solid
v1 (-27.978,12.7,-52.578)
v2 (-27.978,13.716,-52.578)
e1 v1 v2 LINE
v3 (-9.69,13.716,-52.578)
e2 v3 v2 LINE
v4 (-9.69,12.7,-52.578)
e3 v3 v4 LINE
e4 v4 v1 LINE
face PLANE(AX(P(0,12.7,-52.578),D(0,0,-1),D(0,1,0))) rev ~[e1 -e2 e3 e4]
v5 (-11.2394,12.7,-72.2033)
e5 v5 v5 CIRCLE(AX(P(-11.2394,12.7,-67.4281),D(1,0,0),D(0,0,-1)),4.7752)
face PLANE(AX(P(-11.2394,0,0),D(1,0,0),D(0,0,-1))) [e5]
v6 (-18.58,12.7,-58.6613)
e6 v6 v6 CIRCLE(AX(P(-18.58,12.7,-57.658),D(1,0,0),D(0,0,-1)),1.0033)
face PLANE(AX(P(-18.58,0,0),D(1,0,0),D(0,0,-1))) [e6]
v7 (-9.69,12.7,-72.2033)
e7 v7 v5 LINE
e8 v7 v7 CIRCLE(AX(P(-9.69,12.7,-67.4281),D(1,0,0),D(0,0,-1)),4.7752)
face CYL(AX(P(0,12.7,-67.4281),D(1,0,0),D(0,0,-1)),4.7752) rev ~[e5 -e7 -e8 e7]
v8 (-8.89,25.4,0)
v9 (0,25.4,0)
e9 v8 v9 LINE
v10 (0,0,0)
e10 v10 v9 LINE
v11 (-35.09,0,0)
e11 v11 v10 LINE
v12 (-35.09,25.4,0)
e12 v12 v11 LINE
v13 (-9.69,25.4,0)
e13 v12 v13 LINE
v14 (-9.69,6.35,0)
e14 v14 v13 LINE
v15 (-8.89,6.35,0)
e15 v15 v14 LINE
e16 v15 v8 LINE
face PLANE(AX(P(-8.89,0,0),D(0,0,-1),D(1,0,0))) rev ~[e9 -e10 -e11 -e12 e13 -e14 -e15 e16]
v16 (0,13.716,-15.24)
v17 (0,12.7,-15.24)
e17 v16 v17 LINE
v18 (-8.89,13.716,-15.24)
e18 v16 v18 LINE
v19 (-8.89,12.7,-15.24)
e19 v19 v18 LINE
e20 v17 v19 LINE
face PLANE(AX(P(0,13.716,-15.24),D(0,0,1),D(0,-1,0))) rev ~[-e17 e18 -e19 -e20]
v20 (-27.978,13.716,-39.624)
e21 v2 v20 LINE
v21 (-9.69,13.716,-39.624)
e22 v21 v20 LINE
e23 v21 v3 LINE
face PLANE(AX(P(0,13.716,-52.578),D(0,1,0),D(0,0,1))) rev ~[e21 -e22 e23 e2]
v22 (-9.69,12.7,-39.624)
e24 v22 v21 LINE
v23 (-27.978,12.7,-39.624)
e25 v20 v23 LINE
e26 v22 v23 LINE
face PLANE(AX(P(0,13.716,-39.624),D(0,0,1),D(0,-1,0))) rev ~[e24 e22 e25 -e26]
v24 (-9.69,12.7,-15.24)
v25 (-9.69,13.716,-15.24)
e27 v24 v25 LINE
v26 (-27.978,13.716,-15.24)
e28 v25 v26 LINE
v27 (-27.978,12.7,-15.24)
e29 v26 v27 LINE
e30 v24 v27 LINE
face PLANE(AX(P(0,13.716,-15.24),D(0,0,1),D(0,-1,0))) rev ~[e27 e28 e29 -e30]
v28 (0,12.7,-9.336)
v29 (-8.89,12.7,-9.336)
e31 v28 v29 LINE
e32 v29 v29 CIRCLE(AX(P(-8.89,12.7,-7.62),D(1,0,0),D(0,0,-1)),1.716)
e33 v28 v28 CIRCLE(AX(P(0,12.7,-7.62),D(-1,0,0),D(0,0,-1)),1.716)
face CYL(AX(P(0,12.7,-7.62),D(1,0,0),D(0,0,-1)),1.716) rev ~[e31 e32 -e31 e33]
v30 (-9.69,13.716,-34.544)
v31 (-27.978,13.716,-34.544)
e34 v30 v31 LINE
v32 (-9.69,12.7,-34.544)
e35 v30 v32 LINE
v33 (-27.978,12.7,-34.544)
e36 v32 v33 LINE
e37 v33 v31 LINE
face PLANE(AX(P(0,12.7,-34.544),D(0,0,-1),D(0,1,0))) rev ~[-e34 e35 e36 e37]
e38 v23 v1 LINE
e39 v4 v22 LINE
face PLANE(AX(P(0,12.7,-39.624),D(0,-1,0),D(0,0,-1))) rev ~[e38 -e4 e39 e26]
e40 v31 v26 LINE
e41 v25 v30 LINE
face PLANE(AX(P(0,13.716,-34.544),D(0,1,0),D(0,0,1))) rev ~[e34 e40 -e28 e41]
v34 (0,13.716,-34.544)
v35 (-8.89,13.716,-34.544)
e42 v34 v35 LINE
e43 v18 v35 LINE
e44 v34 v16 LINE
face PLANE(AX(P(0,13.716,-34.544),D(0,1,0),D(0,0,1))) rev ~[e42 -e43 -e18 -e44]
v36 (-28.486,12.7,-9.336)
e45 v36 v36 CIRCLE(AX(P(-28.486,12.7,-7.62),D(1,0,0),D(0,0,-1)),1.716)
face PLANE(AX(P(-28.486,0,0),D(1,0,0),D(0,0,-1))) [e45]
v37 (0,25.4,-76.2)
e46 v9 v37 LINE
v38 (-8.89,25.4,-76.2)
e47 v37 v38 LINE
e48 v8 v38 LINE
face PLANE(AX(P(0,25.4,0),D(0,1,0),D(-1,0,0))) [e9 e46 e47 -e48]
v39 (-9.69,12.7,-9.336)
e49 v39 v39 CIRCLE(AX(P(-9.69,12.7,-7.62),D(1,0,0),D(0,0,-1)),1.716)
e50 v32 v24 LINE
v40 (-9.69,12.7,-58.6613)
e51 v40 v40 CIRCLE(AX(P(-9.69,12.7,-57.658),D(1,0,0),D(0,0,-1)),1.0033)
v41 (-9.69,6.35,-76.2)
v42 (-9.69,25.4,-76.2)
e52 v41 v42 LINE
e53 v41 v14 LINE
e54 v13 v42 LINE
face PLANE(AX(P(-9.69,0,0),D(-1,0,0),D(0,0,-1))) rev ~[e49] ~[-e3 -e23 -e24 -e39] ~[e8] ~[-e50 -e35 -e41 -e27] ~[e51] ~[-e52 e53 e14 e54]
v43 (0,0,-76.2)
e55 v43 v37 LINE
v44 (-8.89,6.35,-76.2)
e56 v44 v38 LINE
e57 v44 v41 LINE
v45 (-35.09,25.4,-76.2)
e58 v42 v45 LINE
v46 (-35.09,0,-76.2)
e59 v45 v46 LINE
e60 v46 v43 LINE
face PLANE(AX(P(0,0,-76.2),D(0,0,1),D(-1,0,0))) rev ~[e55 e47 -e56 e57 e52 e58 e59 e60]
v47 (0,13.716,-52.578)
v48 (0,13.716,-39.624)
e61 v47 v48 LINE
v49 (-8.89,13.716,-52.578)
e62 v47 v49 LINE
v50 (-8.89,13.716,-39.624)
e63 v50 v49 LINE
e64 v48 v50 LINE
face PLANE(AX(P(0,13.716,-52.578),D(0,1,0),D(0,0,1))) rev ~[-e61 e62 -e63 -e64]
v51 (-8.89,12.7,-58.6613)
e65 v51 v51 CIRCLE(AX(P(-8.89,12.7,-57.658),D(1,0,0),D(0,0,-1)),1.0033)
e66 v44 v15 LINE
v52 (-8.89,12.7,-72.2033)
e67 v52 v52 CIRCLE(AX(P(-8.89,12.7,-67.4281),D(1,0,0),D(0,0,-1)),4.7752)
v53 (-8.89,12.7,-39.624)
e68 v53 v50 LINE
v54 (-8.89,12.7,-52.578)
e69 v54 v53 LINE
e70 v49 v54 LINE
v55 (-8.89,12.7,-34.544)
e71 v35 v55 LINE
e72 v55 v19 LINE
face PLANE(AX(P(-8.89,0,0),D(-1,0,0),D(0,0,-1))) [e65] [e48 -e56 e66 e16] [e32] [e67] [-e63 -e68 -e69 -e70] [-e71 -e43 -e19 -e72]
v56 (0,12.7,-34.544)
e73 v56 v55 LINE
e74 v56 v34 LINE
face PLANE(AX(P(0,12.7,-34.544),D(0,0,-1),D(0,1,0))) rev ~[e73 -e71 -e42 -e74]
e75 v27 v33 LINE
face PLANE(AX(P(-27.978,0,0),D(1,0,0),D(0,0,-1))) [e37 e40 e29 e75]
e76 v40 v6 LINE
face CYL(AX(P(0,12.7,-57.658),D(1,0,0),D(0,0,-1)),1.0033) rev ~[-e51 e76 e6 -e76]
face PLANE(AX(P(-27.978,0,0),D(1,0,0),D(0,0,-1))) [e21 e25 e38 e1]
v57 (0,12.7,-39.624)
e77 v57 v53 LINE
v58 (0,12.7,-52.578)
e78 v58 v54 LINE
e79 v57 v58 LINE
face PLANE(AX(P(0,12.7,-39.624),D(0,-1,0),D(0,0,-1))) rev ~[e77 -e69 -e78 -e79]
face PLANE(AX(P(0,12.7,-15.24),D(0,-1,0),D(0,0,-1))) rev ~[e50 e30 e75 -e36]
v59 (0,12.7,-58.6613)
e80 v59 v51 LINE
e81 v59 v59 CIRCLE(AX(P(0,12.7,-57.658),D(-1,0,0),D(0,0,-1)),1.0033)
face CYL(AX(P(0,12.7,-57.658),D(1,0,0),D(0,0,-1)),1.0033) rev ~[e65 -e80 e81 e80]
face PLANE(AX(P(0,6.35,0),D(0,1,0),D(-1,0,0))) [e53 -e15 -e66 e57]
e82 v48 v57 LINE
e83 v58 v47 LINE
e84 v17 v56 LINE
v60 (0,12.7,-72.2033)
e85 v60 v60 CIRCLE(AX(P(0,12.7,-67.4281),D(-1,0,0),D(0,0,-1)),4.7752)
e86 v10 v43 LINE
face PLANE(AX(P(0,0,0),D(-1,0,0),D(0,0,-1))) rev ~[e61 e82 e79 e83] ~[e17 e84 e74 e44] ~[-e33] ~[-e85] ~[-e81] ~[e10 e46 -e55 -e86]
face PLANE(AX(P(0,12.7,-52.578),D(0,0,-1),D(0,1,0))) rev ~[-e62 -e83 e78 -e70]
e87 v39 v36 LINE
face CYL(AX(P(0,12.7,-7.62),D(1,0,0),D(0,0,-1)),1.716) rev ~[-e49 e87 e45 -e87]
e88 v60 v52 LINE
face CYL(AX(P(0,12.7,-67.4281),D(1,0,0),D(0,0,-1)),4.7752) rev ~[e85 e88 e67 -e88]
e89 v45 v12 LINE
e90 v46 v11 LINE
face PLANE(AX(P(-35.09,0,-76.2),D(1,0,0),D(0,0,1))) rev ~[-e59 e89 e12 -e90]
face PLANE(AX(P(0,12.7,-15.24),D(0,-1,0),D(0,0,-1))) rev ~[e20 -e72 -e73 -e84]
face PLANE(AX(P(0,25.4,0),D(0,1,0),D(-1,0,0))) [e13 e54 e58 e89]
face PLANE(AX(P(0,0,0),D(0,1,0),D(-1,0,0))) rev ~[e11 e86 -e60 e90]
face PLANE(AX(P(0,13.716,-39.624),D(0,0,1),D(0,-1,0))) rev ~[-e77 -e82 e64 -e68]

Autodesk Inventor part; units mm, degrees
ref_plane "YZ Plane" through (0, 0, 0) normal (1, 0, 0) x (0, 1, 0)
ref_plane "XZ Plane" through (0, 0, 0) normal (0, 1, 0) x (-1, 0, 0)
ref_plane "XY Plane" through (0, 0, 0) normal (0, 0, 1) x (1, 0, 0)
sketch "Sketch1" plane through (0, 0, 0) normal (0, 1, 0) x (-1, 0, 0)
  line L0 (0, 0) -> (0, -76.2)
  line L1 (0, -76.2) -> (35.09, -76.2)
  line L2 (35.09, -76.2) -> (35.09, 0)
  line L3 (35.09, 0) -> (0, 0)
  line L4 (8.89, 0) -> (8.89, -76.2)
  line L5 (9.69, 0) -> (9.69, -76.2)
  dimension "d1" = 76.2
  dimension "d2" = 35.09
  dimension "d3" = 8.89
  dimension "d4" = 0.8
extrude "Extrusion1" add sketch "Sketch1" along normal blind 6.35
extrude "Extrusion2" add sketch "Sketch1" along normal blind 25.4 contours L3 L4 L1 L0
extrude "Extrusion3" add sketch "Sketch1" along normal blind 25.4 contours L3 L2 L1 L5
sketch "Sketch2" plane through (0, 0, 0) normal (1, 0, 0) x (0, 0, -1)
  line L0 (0, 0) -> (0, 25.4) projected
  line L1 (0, 12.7) -> (76.2, 12.7)
  line L2 (76.2, 6.35) -> (76.2, 25.4) projected
  circle A0 centre (7.62, 12.7) radius 1.716
  line L3 (15.24, 12.7) -> (34.544, 12.7)
  line L4 (34.544, 12.7) -> (34.544, 13.716)
  line L5 (34.544, 13.716) -> (15.24, 13.716)
  line L6 (15.24, 13.716) -> (15.24, 12.7)
  line L7 (39.624, 12.7) -> (52.578, 12.7)
  line L8 (52.578, 12.7) -> (52.578, 13.716)
  line L9 (52.578, 13.716) -> (39.624, 13.716)
  line L10 (39.624, 13.716) -> (39.624, 12.7)
  circle A1 centre (57.658, 12.7) radius 1.0033
  circle A2 centre (67.4281, 12.7) radius 4.7752
  point P0 (15.24, 13.208)
  point P1 (39.624, 13.208)
  point P2 (34.544, 13.208)
  point P3 (52.578, 13.208)
  dimension "d13" = 19.304
  dimension "d14" = 1.016
  dimension "d15" = 12.954
  dimension "d16" = 1.016
  dimension "d19" = 2.0066
  dimension "d22" = 7.62
  dimension "d23" = 7.62
  dimension "d24" = 5.08
  dimension "d25" = 5.08
  dimension "d26" = 9.5504
extrude "Extrusion4" cut sketch "Sketch2" against normal blind 28.486 contours A0 L1 | L1 A0
extrude "Extrusion5" cut sketch "Sketch2" against normal blind 27.978 contours L10 L9 L8 L1 | L6 L5 L4 L1
extrude "Extrusion6" cut sketch "Sketch2" against normal blind 18.58 contours A1 L1 | L1 A1
extrude "Extrusion7" cut sketch "Sketch2" against normal blind 11.2394 contours A2 L1 | L1 A2
properties part number "Cutting Jig"
